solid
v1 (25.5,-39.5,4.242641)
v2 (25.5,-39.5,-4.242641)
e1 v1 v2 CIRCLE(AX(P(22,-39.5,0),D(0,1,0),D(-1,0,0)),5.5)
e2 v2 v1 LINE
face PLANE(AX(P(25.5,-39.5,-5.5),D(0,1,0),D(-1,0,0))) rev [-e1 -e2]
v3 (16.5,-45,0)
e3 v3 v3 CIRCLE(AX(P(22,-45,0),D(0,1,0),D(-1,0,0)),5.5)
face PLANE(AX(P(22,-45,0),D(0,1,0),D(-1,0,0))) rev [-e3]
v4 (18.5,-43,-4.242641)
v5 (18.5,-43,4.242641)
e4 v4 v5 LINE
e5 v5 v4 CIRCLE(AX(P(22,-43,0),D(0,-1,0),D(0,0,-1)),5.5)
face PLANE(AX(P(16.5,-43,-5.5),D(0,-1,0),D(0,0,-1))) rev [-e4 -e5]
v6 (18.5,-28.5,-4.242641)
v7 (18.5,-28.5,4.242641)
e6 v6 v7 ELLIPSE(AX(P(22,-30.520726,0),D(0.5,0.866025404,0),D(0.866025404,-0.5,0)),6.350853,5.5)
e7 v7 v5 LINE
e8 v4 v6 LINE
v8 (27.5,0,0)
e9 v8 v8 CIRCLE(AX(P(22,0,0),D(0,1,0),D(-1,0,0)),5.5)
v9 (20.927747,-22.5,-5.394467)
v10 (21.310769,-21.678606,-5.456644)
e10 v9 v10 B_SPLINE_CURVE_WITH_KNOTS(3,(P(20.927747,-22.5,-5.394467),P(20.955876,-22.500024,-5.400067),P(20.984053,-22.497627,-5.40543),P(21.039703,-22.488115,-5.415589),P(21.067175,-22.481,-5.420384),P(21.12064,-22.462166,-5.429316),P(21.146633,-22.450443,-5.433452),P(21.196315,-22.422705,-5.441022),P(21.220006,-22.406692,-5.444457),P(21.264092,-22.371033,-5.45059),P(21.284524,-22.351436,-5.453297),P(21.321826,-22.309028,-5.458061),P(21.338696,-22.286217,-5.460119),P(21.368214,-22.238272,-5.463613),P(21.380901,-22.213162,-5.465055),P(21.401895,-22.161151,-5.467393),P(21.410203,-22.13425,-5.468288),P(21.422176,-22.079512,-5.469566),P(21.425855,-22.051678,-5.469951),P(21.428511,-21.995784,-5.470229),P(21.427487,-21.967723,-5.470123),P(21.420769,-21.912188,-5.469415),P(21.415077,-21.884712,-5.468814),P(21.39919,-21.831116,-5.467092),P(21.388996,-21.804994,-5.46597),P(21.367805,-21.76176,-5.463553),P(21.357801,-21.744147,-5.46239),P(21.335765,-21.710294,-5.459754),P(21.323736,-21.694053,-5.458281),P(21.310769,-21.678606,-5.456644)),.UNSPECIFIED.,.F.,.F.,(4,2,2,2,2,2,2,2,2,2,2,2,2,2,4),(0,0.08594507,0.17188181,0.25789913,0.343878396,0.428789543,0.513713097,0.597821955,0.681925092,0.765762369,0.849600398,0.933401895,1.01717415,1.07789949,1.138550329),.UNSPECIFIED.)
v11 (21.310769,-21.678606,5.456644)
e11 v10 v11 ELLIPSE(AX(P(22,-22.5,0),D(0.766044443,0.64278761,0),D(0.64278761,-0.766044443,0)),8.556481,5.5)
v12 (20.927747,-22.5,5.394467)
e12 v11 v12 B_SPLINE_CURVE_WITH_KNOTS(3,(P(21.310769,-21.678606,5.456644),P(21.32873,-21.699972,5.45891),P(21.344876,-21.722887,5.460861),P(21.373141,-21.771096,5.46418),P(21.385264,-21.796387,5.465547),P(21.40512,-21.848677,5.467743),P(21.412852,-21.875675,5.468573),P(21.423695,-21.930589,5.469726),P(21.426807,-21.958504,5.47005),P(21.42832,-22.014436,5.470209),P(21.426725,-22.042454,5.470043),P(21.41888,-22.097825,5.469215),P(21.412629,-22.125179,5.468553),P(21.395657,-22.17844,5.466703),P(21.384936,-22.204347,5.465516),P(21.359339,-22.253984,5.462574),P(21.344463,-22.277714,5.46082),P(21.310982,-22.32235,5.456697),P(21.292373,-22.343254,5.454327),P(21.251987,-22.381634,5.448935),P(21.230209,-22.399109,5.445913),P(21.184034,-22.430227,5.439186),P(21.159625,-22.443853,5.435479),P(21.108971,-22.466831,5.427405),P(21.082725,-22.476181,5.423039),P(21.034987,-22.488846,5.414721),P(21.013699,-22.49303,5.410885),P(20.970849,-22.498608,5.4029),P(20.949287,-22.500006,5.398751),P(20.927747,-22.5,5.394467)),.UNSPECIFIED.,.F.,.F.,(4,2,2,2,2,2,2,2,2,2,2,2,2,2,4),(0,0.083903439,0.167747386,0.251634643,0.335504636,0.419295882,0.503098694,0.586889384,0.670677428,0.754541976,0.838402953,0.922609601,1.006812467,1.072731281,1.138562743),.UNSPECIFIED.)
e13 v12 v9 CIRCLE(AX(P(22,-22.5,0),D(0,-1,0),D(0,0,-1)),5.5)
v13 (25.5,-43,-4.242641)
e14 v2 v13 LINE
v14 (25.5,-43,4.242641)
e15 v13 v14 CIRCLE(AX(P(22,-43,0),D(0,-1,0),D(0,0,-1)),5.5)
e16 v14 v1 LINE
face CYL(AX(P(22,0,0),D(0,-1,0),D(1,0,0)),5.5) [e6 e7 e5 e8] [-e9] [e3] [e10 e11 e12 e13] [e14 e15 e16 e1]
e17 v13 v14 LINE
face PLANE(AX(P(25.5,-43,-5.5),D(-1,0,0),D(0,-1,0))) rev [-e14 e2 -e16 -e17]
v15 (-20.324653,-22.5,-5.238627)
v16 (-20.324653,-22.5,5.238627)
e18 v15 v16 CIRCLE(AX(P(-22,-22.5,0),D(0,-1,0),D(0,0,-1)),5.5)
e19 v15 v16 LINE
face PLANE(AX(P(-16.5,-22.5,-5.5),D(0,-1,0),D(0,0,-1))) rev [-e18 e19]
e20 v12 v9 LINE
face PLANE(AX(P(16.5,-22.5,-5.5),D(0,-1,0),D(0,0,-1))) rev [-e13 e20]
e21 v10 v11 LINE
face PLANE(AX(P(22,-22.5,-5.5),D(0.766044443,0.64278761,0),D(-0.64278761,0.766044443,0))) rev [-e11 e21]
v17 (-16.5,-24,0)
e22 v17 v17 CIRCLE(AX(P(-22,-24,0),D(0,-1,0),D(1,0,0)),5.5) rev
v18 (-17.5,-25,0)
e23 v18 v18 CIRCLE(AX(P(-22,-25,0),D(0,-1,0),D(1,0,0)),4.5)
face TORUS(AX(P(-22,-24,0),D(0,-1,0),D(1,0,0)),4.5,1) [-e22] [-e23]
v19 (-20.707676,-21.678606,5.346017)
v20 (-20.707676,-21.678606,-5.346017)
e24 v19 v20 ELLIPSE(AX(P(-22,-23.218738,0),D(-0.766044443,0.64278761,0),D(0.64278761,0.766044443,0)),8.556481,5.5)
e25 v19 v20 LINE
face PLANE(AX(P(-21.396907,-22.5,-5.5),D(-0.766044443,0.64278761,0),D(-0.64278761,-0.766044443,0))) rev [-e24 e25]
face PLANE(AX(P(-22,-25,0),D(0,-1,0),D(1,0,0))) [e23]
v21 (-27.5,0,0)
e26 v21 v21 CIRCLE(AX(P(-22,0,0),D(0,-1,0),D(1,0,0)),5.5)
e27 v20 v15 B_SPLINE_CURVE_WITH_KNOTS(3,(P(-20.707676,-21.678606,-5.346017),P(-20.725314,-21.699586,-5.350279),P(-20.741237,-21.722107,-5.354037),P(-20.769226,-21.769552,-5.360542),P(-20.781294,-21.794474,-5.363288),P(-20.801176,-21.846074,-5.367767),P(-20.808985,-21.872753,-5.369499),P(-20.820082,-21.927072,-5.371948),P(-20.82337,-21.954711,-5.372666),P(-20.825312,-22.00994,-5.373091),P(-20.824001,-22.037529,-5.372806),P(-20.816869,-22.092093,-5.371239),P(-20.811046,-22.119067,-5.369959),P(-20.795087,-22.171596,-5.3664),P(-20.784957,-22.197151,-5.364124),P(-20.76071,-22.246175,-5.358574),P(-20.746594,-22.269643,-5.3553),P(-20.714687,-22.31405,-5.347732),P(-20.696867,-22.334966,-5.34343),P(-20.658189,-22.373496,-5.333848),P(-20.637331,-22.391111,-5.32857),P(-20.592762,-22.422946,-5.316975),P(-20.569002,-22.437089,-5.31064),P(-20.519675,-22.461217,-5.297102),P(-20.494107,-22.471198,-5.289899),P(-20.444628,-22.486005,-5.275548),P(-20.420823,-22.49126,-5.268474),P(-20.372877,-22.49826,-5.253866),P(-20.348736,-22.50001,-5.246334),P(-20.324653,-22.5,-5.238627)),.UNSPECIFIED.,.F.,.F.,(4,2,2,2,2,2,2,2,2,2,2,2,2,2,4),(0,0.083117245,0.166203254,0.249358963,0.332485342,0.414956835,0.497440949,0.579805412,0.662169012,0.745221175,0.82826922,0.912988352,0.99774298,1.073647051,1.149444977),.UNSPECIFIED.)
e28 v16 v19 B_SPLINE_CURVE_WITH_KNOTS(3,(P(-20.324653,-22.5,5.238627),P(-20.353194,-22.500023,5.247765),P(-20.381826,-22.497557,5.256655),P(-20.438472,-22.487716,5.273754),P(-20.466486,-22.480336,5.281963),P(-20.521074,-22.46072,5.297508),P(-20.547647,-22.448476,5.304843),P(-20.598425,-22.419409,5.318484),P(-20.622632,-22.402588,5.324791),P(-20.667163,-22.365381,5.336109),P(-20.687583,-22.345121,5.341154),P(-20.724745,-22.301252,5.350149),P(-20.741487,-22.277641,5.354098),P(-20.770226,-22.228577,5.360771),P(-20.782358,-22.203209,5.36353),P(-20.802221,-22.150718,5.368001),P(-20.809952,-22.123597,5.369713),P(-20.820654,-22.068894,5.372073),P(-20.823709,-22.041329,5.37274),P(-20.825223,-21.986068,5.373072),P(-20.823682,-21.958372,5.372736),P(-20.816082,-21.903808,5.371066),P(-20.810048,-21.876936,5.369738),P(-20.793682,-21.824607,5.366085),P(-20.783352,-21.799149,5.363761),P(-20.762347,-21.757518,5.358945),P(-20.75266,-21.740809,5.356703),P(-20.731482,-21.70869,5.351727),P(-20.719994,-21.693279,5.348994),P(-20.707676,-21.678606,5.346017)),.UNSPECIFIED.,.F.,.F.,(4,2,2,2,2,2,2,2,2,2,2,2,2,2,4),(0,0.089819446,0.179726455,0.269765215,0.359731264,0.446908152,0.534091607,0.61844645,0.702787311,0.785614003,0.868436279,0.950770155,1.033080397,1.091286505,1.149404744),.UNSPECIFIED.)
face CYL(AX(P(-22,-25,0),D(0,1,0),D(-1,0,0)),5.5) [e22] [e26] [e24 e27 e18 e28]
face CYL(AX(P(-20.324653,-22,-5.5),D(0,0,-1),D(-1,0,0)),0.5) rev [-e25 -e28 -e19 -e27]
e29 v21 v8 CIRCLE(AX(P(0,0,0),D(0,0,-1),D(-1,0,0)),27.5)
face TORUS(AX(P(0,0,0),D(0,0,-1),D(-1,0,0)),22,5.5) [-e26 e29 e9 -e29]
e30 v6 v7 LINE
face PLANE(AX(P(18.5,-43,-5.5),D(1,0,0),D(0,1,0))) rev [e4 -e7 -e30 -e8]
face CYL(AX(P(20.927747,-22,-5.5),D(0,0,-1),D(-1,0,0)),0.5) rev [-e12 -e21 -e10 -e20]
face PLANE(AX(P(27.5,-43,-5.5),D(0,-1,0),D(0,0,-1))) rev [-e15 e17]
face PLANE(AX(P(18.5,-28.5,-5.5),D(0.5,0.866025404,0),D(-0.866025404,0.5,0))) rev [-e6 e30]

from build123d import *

# Parameters (mm, degrees)
SWEEP_1_PROFILE_R        = 5.5
FILLET_1_R               = 1
CUT_EXTRUDE_1_DEPTH      = 54.023579723
CUT_EXTRUDE_1_DEPTH_BACK = 54.023579723
FILLET_2_R               = 0.5
CUT_EXTRUDE_2_DEPTH      = 54.023579723
CUT_EXTRUDE_2_DEPTH_BACK = 54.023579723
SKETCH_11_W              = 2
SKETCH_11_H              = 3.5
CUT_EXTRUDE_3_DEPTH      = 54.023579723
CUT_EXTRUDE_3_DEPTH_BACK = 54.023579723
CUT_EXTRUDE_4_DEPTH      = 54.023579723
CUT_EXTRUDE_4_DEPTH_BACK = 54.023579723
FILLET_3_R               = 0.5


with BuildPart() as part:
    # 扫描1: sweep along a path in 草图2
    with BuildLine(Plane.XY) as sweep_1_path:
        Line((-22, -25), (-22, 0))
        ThreePointArc((-22, 0), (0, 22), (22, 0))
        Line((22, 0), (22, -45))
    # 扫描1 profile (on start of the path) → 扫描1 (sweep)
    with BuildSketch(Plane(origin=(-22, -25, 0), x_dir=(1, 0, 0), z_dir=(0, 1, 0))):
        Circle(SWEEP_1_PROFILE_R)
    sweep(path=sweep_1_path.line)

    # 圆角1
    fillet_1_edges = [part.edges().sort_by_distance(p)[0] for p in [
        (-27.5, -25, 0),
    ]]
    fillet(fillet_1_edges, radius=FILLET_1_R)

    # 草图10 → 切除-拉伸1 (cut, two sides: drawn at the far end of the back side and taken through both)
    with BuildSketch(Plane.XY.offset(-CUT_EXTRUDE_1_DEPTH_BACK)):
        Polygon((-16.5, -22.5), (-21.39690683, -22.5), (-16.5, -16.664093693), align=None)
    extrude(amount=CUT_EXTRUDE_1_DEPTH + CUT_EXTRUDE_1_DEPTH_BACK, mode=Mode.SUBTRACT)

    # 圆角2
    fillet_2_edges = [part.edges().sort_by_distance(p)[0] for p in [
        (-21.39690683, -22.5, 0),
    ]]
    fillet(fillet_2_edges, radius=FILLET_2_R)

    # 草图11 → 切除-拉伸2 (cut, two sides: drawn at the far end of the back side and taken through both)
    with BuildSketch(Plane.XY.offset(-CUT_EXTRUDE_2_DEPTH_BACK)):
        with Locations((26.5, -41.25)):
            Rectangle(SKETCH_11_W, SKETCH_11_H)
        with Locations((17.5, -41.25)):
            Rectangle(SKETCH_11_W, SKETCH_11_H)
    extrude(amount=CUT_EXTRUDE_2_DEPTH + CUT_EXTRUDE_2_DEPTH_BACK, mode=Mode.SUBTRACT)

    # 草图12 → 切除-拉伸3 (cut, two sides: drawn at the far end of the back side and taken through both)
    with BuildSketch(Plane.XY.offset(-CUT_EXTRUDE_3_DEPTH_BACK)):
        Polygon((18.5, -39.5), (18.5, -28.5), (16.5, -27.345299462), (16.5, -39.5), align=None)
    extrude(amount=CUT_EXTRUDE_3_DEPTH + CUT_EXTRUDE_3_DEPTH_BACK, mode=Mode.SUBTRACT)

    # 草图13 → 切除-拉伸4 (cut, two sides: drawn at the far end of the back side and taken through both)
    with BuildSketch(Plane.XY.offset(-CUT_EXTRUDE_4_DEPTH_BACK)):
        Polygon((16.5, -22.5), (22, -22.5), (16.5, -15.945355241), align=None)
    extrude(amount=CUT_EXTRUDE_4_DEPTH + CUT_EXTRUDE_4_DEPTH_BACK, mode=Mode.SUBTRACT)

    # 圆角3
    fillet_3_edges = [part.edges().sort_by_distance(p)[0] for p in [
        (22, -22.5, 0),
    ]]
    fillet(fillet_3_edges, radius=FILLET_3_R)


solid = part.part
